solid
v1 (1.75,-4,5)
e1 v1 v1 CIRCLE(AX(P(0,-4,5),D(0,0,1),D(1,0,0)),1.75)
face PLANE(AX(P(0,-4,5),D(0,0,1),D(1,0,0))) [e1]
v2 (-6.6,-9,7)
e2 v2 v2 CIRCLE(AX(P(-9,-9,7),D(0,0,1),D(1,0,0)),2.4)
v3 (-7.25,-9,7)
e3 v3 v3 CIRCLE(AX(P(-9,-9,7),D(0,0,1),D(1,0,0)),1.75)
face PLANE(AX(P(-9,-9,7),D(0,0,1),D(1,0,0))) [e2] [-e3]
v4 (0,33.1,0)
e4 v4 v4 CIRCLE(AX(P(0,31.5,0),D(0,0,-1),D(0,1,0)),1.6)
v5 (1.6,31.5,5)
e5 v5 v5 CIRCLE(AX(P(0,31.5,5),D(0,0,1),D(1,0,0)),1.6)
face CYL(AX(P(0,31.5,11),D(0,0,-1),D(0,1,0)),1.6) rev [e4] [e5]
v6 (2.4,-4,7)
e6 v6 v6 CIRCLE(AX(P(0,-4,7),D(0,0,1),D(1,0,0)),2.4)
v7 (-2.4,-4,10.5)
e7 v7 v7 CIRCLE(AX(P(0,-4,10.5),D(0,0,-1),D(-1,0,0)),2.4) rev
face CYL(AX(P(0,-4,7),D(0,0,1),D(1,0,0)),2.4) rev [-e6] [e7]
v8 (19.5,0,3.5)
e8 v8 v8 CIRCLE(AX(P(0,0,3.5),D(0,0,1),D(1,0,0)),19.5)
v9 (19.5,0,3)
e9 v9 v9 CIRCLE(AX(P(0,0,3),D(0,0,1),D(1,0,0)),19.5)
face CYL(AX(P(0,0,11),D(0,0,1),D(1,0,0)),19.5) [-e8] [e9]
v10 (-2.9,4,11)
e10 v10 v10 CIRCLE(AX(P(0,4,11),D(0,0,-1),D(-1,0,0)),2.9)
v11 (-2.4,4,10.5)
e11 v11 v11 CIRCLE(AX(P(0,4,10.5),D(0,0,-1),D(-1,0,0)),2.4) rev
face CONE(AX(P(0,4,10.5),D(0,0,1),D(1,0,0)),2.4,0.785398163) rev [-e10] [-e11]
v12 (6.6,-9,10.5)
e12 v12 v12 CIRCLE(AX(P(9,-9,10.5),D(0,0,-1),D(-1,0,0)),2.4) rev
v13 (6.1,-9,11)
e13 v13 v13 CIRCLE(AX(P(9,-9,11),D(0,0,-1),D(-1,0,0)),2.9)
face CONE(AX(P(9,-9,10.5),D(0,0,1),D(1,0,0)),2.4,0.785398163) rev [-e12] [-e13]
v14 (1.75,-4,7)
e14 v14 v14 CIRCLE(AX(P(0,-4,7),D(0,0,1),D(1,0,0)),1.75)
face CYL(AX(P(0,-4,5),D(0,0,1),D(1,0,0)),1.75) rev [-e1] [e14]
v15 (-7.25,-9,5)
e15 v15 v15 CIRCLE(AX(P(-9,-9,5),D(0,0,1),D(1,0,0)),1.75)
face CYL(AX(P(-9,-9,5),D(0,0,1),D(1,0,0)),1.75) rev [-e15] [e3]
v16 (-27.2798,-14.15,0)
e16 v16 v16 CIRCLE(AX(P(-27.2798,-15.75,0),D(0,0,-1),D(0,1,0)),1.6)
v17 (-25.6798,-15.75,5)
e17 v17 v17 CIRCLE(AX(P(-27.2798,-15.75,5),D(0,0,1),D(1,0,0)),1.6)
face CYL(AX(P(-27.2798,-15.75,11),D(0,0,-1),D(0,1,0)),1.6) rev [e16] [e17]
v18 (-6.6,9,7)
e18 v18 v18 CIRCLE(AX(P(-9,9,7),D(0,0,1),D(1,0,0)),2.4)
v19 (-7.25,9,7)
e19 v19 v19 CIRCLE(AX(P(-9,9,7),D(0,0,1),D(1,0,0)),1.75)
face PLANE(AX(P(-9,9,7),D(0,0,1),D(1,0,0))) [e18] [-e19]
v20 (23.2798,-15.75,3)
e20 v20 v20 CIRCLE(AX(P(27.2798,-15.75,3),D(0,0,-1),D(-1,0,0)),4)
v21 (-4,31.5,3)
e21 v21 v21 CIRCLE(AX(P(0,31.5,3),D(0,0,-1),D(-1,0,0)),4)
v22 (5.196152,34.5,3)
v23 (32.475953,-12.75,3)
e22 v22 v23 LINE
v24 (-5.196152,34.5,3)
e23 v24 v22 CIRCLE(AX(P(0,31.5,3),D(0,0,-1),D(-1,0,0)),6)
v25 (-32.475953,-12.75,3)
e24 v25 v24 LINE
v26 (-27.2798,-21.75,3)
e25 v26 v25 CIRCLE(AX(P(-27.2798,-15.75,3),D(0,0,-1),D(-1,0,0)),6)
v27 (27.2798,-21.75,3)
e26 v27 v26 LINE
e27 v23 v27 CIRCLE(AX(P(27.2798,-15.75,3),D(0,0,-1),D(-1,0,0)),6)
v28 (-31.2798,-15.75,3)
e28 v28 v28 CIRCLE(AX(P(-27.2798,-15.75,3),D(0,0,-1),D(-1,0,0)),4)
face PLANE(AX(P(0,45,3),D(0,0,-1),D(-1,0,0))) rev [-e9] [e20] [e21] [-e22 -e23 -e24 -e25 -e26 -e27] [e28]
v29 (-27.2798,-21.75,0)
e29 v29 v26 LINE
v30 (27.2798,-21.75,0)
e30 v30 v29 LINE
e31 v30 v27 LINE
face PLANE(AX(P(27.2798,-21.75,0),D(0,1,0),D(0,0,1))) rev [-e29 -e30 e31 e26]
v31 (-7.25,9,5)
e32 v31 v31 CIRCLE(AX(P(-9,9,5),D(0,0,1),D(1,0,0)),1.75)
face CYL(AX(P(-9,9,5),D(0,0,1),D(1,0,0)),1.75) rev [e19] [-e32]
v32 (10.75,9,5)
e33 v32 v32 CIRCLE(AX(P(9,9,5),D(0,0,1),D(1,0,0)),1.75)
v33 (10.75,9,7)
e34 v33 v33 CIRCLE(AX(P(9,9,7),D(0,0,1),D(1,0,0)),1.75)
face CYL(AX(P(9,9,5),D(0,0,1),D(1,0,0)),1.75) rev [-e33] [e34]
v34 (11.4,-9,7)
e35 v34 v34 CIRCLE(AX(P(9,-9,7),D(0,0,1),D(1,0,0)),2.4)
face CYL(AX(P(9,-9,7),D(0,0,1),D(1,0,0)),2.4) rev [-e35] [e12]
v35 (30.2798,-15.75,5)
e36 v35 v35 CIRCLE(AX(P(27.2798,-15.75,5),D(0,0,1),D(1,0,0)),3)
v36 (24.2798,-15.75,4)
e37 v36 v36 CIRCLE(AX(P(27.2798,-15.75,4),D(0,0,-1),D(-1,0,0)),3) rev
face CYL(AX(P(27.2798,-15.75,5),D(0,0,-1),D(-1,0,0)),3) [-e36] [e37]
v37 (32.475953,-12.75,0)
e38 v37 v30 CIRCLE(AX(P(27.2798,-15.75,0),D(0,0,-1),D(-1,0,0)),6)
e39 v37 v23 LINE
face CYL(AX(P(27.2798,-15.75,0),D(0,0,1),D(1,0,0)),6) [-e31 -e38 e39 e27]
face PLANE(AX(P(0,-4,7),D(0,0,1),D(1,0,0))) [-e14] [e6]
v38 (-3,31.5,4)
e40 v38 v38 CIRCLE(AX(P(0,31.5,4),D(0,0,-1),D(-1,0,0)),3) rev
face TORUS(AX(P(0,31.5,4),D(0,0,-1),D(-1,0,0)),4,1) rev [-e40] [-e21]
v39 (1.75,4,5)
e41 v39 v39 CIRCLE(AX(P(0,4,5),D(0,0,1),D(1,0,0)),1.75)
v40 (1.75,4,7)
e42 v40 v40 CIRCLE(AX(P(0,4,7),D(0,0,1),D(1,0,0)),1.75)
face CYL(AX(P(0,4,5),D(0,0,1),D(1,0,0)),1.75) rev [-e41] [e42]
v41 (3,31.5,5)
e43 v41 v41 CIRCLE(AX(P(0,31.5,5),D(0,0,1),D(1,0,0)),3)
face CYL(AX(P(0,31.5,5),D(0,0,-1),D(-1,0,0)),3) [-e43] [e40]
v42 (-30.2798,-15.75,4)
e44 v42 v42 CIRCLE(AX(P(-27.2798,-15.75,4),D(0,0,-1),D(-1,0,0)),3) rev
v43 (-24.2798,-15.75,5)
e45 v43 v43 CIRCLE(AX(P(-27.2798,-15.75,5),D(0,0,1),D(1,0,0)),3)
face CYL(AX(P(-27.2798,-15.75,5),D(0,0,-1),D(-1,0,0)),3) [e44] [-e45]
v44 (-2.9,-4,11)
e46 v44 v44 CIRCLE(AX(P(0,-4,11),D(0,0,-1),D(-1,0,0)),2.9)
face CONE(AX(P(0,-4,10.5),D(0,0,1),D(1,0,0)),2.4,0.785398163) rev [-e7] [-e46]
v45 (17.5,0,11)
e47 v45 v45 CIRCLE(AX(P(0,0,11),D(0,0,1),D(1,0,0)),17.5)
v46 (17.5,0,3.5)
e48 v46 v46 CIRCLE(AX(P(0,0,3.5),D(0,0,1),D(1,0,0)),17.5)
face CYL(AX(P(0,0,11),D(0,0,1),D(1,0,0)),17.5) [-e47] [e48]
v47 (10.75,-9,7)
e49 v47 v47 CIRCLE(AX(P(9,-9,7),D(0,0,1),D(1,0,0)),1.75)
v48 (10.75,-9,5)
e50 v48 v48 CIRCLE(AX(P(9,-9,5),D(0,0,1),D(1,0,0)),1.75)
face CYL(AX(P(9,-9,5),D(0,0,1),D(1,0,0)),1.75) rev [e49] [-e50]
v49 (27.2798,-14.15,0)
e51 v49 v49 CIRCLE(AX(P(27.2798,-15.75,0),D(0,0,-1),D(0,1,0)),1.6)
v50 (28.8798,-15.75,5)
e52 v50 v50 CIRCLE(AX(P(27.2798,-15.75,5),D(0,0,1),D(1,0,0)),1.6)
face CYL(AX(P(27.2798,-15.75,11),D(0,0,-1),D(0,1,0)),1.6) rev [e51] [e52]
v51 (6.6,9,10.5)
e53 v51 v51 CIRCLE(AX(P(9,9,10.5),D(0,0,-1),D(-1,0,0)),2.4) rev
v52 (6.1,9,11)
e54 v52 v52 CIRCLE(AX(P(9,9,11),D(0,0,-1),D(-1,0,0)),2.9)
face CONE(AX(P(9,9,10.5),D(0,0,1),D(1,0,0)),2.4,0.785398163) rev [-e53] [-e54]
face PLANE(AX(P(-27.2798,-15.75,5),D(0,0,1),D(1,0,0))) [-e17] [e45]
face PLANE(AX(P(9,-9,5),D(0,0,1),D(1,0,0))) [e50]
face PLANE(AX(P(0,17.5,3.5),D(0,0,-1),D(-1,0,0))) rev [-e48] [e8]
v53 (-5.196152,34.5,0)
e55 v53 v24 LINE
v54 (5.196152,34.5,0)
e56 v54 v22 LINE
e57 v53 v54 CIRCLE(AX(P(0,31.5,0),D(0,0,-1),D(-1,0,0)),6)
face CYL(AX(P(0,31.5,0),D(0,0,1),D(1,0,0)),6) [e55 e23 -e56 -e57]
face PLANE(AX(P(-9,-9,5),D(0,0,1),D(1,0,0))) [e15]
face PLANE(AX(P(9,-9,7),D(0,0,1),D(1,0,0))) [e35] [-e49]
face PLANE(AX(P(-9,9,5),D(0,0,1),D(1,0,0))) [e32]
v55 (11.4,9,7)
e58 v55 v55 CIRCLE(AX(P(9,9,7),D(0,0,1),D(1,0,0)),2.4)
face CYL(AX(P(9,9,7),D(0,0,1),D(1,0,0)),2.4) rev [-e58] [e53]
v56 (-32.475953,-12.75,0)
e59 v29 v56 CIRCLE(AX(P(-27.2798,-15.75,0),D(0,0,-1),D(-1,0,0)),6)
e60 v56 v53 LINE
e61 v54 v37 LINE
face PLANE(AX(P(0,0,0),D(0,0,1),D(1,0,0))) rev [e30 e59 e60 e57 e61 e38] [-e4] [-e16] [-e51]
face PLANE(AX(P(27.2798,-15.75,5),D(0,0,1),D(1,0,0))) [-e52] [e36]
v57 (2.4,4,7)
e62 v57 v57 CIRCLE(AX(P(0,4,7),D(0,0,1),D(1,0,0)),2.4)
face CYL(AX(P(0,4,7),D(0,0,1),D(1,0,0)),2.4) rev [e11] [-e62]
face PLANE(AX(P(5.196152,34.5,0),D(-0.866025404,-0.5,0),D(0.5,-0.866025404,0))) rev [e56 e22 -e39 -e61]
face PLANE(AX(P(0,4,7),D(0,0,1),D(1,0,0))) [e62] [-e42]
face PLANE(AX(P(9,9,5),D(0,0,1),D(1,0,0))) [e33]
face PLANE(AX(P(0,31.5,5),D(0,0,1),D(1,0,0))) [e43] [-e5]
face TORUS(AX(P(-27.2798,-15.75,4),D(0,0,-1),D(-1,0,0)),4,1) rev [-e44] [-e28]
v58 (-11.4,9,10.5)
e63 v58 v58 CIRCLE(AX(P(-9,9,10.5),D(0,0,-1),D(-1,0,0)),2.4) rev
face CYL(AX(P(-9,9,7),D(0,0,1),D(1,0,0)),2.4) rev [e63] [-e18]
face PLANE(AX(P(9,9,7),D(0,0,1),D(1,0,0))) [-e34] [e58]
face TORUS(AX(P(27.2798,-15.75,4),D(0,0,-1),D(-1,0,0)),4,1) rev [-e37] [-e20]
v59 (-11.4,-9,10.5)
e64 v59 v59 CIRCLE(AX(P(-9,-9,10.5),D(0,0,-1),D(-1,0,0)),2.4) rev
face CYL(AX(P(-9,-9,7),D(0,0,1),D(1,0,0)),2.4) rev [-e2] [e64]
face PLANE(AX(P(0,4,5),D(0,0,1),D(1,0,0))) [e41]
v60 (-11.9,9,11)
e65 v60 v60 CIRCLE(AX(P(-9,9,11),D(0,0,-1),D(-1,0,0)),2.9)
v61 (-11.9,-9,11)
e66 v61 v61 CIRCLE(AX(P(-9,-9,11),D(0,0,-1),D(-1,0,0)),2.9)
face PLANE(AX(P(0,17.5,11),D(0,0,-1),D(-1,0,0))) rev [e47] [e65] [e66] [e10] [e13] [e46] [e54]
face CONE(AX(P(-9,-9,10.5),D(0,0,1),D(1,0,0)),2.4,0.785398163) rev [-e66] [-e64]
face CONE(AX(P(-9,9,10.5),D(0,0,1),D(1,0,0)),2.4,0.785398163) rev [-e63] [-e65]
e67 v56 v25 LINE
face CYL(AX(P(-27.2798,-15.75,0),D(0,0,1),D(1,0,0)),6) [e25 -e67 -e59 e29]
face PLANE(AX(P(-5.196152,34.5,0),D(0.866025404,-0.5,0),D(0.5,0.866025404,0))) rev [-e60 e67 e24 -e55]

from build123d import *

# Parameters (mm, degrees)
SKETCH2_R           = 1.6
CUT_EXTRUDE1_DEPTH  = 65.58327957
SKETCH3_R           = 2.4
CUT_EXTRUDE2_DEPTH  = 4
SKETCH5_OUTSIDE_W   = 117.55
SKETCH5_OUTSIDE_H   = 117.55
CUT_EXTRUDE4_DEPTH  = 65.140470843
CHAMFER1_SIZE       = 0.5
SKETCH6_R           = 3
SKETCH6_R_2         = 1.6
BOSS_EXTRUDE1_DEPTH = 2
FILLET1_R           = 1
SKETCH7_R           = 1.75
CUT_EXTRUDE5_DEPTH  = 6


with BuildPart() as part:
    # Sketch1 → Revolve1 (revolve)
    with BuildSketch(Plane(origin=(0, 0, 0), x_dir=(0, 0, -1), z_dir=(1, 0, 0)), mode=Mode.PRIVATE) as revolve1_sk:
        Polygon((0, 0), (0, 45), (-3, 45), (-3, 19.5), (-3.5, 19.5), (-3.5, 17.5), (-11, 17.5), (-11, 0), align=None)
    revolve(revolve1_sk.sketch.rotate(Axis((0, 0, 11), (0, 0, -1)), 90), axis=Axis((0, 0, 11), (0, 0, -1)))

    # Sketch2 → Cut-Extrude1 (cut, through all)
    with BuildSketch(Plane(origin=(0, 0, 0), x_dir=(-1, 0, 0), z_dir=(0, 0, -1))):
        with Locations(Location((0, 31.5, 0), (0, 0, 90))):
            Circle(SKETCH2_R)
        with Locations(Location((27.279800219, -15.75, 0), (0, 0, 90))):
            Circle(SKETCH2_R)
        with Locations(Location((-27.279800219, -15.75, 0), (0, 0, 90))):
            Circle(SKETCH2_R)
    extrude(amount=-CUT_EXTRUDE1_DEPTH, mode=Mode.SUBTRACT)

    # Sketch3 → Cut-Extrude2 (cut)
    with BuildSketch(Plane.XY.offset(11)):
        with Locations((0, 4)):
            Circle(SKETCH3_R)
        with Locations((0, -4)):
            Circle(SKETCH3_R)
        with Locations((-9, 9)):
            Circle(SKETCH3_R)
        with Locations((9, 9)):
            Circle(SKETCH3_R)
        with Locations((9, -9)):
            Circle(SKETCH3_R)
        with Locations((-9, -9)):
            Circle(SKETCH3_R)
    extrude(amount=-CUT_EXTRUDE2_DEPTH, mode=Mode.SUBTRACT)

    # Sketch5 outside → Cut-Extrude4 (cut, through all)
    with BuildSketch(Plane(origin=(0, 0, 3), x_dir=(-1, 0, 0), z_dir=(0, 0, -1))):
        Rectangle(SKETCH5_OUTSIDE_W, SKETCH5_OUTSIDE_H)
        with BuildLine():
            Line((-5.196152423, 34.5), (-32.475952642, -12.75))
            ThreePointArc((-32.475952642, -12.75), (-32.475952642, -18.75), (-27.279800219, -21.75))
            Line((-27.279800219, -21.75), (27.279800219, -21.75))
            ThreePointArc((27.279800219, -21.75), (32.475952642, -18.75), (32.475952642, -12.75))
            Line((32.475952642, -12.75), (5.196152423, 34.5))
            ThreePointArc((5.196152423, 34.5), (0, 37.5), (-5.196152423, 34.5))
        make_face(mode=Mode.SUBTRACT)
    extrude(amount=CUT_EXTRUDE4_DEPTH, mode=Mode.SUBTRACT)

    # Chamfer1
    chamfer1_edges = [part.edges().sort_by_distance(p)[0] for p in [
        (-2.4, -4, 11),
        (-11.4, 9, 11),
        (6.6, 9, 11),
        (6.6, -9, 11),
        (-11.4, -9, 11),
        (-2.4, 4, 11),
    ]]
    chamfer(chamfer1_edges, length=CHAMFER1_SIZE)

    # Sketch6 → Boss-Extrude1 (add)
    # profile 1 of 3: a face of its own
    with BuildSketch(Plane.XY.offset(3)):
        with Locations(Location((0, 31.5, 0), (0, 0, 180))):
            Circle(SKETCH6_R)
        with Locations(Location((0, 31.5, 0), (0, 0, 90))):
            Circle(SKETCH6_R_2, mode=Mode.SUBTRACT)
    # profile 2 of 3: a face of its own
    with BuildSketch(Plane.XY.offset(3)):
        with Locations(Location((-27.279800219, -15.75, 0), (0, 0, 180))):
            Circle(SKETCH6_R)
        with Locations(Location((-27.279800219, -15.75, 0), (0, 0, 90))):
            Circle(SKETCH6_R_2, mode=Mode.SUBTRACT)
    # profile 3 of 3: a face of its own
    with BuildSketch(Plane.XY.offset(3)):
        with Locations(Location((27.279800219, -15.75, 0), (0, 0, 180))):
            Circle(SKETCH6_R)
        with Locations(Location((27.279800219, -15.75, 0), (0, 0, 90))):
            Circle(SKETCH6_R_2, mode=Mode.SUBTRACT)
    extrude(amount=BOSS_EXTRUDE1_DEPTH)

    # Fillet1
    fillet1_edges = [part.edges().sort_by_distance(p)[0] for p in [
        (30.279800219, -15.75, 3),
        (-24.279800219, -15.75, 3),
        (3, 31.5, 3),
    ]]
    fillet(fillet1_edges, radius=FILLET1_R)

    # Sketch7 → Cut-Extrude5 (cut)
    with BuildSketch(Plane.XY.offset(11)):
        with Locations((-9, 9)):
            Circle(SKETCH7_R)
        with Locations((0, 4)):
            Circle(SKETCH7_R)
        with Locations((9, 9)):
            Circle(SKETCH7_R)
        with Locations((9, -9)):
            Circle(SKETCH7_R)
        with Locations((-9, -9)):
            Circle(SKETCH7_R)
        with Locations((0, -4)):
            Circle(SKETCH7_R)
    extrude(amount=-CUT_EXTRUDE5_DEPTH, mode=Mode.SUBTRACT)


solid = part.part
